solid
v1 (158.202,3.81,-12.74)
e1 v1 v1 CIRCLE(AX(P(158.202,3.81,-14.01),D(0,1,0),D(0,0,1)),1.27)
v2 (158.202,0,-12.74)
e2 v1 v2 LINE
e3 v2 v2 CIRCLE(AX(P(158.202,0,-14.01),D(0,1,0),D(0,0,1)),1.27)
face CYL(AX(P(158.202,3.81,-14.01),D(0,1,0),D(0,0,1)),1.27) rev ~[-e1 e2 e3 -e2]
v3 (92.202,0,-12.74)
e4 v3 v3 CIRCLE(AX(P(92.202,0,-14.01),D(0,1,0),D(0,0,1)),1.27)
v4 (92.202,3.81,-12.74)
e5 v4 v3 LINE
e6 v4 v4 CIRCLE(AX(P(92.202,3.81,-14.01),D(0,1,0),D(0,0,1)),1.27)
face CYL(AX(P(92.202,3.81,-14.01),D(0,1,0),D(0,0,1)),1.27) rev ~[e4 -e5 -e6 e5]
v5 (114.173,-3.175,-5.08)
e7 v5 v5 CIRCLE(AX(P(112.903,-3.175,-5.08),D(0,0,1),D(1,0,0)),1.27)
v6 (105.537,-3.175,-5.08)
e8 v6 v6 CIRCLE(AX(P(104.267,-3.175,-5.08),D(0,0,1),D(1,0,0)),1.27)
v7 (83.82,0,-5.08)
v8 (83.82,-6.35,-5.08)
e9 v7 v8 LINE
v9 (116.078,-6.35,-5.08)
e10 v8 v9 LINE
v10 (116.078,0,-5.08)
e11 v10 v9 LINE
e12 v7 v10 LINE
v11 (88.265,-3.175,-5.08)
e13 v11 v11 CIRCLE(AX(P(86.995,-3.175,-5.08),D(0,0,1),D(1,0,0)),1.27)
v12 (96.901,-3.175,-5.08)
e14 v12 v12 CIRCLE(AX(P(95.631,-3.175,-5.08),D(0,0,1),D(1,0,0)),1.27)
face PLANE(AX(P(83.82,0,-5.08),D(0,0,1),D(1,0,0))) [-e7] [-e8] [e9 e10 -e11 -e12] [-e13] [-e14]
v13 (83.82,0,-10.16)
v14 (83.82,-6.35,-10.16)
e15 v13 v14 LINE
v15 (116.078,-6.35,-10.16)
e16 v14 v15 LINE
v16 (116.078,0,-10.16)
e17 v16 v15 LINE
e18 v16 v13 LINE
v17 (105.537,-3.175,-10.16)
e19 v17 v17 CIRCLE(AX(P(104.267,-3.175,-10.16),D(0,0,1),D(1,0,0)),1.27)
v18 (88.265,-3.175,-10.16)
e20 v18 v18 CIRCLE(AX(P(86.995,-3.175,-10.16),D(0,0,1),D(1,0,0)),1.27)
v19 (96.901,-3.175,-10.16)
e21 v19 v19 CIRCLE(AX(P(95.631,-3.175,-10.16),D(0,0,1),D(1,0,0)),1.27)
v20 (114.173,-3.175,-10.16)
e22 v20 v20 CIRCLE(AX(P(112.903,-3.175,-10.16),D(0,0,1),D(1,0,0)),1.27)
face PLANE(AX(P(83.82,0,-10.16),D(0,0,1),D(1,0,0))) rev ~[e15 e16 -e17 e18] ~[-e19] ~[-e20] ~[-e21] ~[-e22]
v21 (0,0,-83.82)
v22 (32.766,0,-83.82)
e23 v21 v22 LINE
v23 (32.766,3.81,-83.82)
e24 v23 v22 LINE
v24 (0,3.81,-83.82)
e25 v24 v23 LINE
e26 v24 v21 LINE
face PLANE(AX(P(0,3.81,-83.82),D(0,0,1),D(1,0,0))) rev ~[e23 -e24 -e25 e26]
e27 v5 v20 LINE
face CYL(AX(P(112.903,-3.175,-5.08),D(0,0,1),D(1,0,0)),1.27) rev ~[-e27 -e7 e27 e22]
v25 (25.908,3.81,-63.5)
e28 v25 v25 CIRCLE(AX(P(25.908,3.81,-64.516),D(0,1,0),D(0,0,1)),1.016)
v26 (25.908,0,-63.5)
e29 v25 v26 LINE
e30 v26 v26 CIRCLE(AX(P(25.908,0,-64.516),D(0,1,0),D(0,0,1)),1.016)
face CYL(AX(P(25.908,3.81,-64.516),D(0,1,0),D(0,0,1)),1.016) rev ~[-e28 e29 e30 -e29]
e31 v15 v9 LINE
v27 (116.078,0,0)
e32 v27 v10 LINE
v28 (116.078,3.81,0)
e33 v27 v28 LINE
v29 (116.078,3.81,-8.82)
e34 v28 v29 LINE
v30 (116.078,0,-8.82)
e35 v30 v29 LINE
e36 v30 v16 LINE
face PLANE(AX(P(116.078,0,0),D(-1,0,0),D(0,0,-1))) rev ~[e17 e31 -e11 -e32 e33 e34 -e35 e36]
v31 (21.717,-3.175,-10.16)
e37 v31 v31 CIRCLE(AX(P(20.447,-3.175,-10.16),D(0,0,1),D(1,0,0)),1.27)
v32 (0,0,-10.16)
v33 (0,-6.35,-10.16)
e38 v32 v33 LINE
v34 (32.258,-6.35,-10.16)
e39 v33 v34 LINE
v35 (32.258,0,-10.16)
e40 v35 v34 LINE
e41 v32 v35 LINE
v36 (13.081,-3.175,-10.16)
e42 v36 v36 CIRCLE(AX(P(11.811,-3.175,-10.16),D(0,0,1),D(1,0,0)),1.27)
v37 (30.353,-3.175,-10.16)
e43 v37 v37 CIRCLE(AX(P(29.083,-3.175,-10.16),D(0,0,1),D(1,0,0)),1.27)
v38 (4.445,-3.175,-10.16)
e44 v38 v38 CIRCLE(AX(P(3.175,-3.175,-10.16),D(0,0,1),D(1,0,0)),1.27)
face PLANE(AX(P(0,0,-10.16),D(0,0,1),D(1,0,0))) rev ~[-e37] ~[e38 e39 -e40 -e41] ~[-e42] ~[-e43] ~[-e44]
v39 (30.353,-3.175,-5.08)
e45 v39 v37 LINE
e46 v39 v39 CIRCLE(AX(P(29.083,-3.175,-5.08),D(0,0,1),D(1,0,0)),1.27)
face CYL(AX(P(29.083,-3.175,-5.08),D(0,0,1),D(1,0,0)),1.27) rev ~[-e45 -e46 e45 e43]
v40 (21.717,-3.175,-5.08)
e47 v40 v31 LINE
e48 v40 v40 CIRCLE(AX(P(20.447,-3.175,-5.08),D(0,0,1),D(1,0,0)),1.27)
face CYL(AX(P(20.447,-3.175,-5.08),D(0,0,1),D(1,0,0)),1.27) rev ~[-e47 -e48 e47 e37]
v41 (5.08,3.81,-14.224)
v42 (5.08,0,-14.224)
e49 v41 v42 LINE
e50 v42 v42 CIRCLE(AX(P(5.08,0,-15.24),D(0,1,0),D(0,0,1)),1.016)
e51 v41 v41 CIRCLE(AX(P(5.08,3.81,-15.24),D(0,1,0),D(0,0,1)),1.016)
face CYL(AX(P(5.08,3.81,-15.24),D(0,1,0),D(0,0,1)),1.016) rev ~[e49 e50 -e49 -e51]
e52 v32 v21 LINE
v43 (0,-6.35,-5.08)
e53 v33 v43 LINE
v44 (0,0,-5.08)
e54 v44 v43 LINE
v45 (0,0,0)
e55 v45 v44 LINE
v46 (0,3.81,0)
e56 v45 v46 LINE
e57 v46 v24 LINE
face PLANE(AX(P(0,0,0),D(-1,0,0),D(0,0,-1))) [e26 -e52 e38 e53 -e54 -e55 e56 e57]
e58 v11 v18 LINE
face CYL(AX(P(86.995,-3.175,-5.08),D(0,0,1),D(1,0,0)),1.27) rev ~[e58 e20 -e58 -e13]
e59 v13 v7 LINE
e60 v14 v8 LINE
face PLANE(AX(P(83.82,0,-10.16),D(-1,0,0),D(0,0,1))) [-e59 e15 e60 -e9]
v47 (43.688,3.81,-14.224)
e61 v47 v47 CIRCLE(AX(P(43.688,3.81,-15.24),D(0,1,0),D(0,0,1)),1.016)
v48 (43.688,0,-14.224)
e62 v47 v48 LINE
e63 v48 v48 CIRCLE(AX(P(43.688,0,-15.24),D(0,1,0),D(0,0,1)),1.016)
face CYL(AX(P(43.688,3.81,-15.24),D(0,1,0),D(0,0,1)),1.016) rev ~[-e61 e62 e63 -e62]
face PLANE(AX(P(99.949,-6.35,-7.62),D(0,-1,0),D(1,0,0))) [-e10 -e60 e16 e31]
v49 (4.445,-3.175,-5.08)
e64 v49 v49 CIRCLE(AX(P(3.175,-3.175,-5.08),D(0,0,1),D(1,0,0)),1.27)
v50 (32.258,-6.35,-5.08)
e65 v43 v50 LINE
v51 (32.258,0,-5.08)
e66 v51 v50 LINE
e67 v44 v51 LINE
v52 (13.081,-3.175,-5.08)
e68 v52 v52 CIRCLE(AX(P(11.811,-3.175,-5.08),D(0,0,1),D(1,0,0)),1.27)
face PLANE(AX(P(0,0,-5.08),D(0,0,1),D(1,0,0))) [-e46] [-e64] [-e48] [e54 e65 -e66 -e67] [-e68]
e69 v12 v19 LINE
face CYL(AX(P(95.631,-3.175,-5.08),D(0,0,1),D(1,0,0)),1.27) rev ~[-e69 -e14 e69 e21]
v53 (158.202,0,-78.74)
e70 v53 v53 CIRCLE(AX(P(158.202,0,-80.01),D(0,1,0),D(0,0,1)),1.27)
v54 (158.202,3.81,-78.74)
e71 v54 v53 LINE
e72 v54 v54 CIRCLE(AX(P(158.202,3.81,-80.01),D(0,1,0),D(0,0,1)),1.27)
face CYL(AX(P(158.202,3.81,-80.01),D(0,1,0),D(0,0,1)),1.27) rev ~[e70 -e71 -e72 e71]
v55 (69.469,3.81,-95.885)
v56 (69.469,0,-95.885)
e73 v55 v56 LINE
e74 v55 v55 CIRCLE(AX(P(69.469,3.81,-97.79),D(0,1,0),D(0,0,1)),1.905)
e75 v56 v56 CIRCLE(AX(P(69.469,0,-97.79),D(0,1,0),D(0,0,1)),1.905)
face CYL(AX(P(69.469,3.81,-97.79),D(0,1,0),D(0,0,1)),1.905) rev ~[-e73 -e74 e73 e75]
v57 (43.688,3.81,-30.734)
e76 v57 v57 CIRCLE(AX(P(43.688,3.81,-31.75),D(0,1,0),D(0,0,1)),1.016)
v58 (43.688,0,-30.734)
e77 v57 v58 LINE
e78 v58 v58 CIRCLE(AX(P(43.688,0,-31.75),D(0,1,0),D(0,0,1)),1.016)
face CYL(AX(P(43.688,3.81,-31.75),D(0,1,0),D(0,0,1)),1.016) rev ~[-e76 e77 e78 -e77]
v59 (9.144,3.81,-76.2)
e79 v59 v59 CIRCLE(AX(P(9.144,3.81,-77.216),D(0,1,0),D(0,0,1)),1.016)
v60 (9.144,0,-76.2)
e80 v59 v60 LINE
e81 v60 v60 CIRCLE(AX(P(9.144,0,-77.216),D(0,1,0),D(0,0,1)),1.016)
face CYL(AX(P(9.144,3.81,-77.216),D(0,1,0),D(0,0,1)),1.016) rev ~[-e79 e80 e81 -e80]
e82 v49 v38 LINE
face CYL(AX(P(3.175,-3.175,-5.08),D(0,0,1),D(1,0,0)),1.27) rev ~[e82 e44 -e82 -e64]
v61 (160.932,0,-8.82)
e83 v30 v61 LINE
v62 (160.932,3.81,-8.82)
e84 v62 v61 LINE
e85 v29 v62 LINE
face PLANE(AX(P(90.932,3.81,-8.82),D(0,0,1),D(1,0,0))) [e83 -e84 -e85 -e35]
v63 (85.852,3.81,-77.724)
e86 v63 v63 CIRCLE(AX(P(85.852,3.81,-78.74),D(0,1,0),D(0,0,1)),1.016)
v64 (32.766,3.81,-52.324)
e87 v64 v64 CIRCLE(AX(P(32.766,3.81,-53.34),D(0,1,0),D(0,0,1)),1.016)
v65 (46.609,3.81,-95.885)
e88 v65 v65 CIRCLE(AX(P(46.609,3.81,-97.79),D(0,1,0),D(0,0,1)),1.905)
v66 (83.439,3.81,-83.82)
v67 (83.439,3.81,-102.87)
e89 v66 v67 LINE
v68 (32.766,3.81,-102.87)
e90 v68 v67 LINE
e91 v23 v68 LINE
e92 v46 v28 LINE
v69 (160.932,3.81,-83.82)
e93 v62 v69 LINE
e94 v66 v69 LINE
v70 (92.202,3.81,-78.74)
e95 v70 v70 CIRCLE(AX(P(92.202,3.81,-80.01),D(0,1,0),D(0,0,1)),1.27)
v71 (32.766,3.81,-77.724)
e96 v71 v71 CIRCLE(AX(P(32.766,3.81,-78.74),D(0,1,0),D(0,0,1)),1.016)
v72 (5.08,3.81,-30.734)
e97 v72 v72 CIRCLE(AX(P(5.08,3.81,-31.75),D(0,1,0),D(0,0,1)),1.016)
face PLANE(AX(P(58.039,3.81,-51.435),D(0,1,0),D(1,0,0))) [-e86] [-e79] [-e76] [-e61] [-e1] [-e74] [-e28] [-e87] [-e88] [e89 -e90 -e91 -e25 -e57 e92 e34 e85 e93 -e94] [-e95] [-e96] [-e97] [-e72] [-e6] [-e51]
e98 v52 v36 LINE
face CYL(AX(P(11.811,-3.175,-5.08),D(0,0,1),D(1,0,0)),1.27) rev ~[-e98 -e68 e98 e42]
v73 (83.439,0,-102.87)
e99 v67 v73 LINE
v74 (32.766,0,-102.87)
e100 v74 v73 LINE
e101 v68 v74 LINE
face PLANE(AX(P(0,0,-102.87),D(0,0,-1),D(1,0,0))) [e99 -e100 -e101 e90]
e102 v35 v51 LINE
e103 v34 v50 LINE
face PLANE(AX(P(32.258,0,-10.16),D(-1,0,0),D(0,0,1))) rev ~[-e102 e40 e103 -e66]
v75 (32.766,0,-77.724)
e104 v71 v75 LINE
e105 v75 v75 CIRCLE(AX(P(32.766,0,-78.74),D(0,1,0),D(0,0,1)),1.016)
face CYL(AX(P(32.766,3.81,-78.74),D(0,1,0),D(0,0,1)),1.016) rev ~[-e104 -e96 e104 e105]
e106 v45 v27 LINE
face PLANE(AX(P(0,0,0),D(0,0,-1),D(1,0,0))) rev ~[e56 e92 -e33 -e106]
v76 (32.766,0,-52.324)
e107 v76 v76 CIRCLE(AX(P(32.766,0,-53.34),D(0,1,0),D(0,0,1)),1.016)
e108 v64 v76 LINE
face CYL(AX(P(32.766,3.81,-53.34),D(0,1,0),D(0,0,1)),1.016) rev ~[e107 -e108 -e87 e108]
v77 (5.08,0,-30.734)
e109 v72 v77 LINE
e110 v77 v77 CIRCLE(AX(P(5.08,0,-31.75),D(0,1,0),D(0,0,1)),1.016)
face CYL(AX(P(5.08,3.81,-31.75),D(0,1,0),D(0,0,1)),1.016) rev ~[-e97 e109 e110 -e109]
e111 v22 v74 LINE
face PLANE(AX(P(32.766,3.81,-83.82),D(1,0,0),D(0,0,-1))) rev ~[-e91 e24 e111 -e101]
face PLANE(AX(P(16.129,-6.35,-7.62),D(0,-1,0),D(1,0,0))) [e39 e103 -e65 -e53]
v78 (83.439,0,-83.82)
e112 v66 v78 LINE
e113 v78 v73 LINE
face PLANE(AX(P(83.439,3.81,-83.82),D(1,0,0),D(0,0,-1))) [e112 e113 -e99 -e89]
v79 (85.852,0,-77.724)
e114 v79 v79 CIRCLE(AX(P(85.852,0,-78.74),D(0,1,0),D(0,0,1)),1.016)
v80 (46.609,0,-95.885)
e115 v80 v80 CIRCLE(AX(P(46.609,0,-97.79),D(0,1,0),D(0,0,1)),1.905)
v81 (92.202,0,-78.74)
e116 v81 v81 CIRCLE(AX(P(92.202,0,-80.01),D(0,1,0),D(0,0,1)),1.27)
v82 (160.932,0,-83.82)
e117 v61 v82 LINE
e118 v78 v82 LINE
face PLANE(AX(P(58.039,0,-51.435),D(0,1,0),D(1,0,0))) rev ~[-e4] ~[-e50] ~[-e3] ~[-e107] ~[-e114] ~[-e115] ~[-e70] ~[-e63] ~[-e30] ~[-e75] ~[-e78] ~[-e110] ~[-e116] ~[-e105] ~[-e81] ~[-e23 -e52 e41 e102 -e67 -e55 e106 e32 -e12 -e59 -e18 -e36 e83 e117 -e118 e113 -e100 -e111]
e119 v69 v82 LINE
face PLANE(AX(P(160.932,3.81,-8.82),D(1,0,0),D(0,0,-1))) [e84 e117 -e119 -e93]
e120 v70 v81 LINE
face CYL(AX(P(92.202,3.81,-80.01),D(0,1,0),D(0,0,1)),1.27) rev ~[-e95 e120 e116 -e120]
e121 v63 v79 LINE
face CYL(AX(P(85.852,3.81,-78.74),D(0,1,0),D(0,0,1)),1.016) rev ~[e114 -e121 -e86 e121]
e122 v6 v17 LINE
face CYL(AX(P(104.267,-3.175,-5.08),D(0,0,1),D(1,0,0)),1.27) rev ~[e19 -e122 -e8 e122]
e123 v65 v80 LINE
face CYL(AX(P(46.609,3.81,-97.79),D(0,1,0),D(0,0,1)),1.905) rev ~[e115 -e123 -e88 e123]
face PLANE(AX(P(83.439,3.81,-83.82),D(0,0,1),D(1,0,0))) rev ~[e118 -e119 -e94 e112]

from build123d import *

# Parameters (mm, degrees)
SKETCH1_W           = 116.078
SKETCH1_H           = 102.87
BOSS_EXTRUDE1_DEPTH = 3.81
SKETCH2_R           = 1.905
SKETCH2_W           = 32.766
SKETCH2_H           = 19.05
SKETCH2_W_2         = 32.639
CUT_EXTRUDE1_DEPTH  = 3.81
SKETCH3_W           = 32.258
SKETCH3_H           = 5.08
BOSS_EXTRUDE2_DEPTH = 6.35
SKETCH4_R           = 1.27
CUT_EXTRUDE2_DEPTH  = 5.08
SKETCH5_R           = 1.016
CUT_EXTRUDE4_DEPTH  = 3.81
SKETCH6_W           = 70
SKETCH6_H           = 75
BOSS_EXTRUDE3_DEPTH = 3.81
SKETCH7_R           = 1.27
CUT_EXTRUDE5_DEPTH  = 3.81


with BuildPart() as part:
    # Sketch1 → Boss-Extrude1 (new body)
    with BuildSketch(Plane(origin=(0, 0, 0), x_dir=(1, 0, 0), z_dir=(0, 1, 0))):
        with Locations((58.039, 51.435)):
            Rectangle(SKETCH1_W, SKETCH1_H)
    extrude(amount=BOSS_EXTRUDE1_DEPTH)

    # Sketch2 → Cut-Extrude1 (cut)
    with BuildSketch(Plane(origin=(0, 3.81, 0), x_dir=(1, 0, 0), z_dir=(0, 1, 0))):
        with Locations(Location((46.609, 97.79, 0), (0, 0, 270))):
            Circle(SKETCH2_R)
        with Locations(Location((69.469, 97.79, 0), (0, 0, 270))):
            Circle(SKETCH2_R)
        with Locations((16.383, 93.345)):
            Rectangle(SKETCH2_W, SKETCH2_H)
        with Locations((99.7585, 93.345)):
            Rectangle(SKETCH2_W_2, SKETCH2_H)
    extrude(amount=-CUT_EXTRUDE1_DEPTH, mode=Mode.SUBTRACT)

    # Sketch3 → Boss-Extrude2 (add)
    with BuildSketch(Plane.XZ):
        with Locations((16.129, -7.62)):
            Rectangle(SKETCH3_W, SKETCH3_H)
        with Locations((99.949, -7.62)):
            Rectangle(SKETCH3_W, SKETCH3_H)
    extrude(amount=BOSS_EXTRUDE2_DEPTH)

    # Sketch4 → Cut-Extrude2 (cut)
    with BuildSketch(Plane.XY.offset(-5.08)):
        with Locations((3.175, -3.175)):
            Circle(SKETCH4_R)
        with Locations((11.811, -3.175)):
            Circle(SKETCH4_R)
        with Locations((20.447, -3.175)):
            Circle(SKETCH4_R)
        with Locations((29.083, -3.175)):
            Circle(SKETCH4_R)
        with Locations((86.995, -3.175)):
            Circle(SKETCH4_R)
        with Locations((95.631, -3.175)):
            Circle(SKETCH4_R)
        with Locations((104.267, -3.175)):
            Circle(SKETCH4_R)
        with Locations((112.903, -3.175)):
            Circle(SKETCH4_R)
    extrude(amount=-CUT_EXTRUDE2_DEPTH, mode=Mode.SUBTRACT)

    # Sketch5 → Cut-Extrude4 (cut)
    with BuildSketch(Plane(origin=(0, 3.81, 0), x_dir=(1, 0, 0), z_dir=(0, 1, 0))):
        with Locations(Location((25.908, 64.516, 0), (0, 0, 270))):
            Circle(SKETCH5_R)
        with Locations(Location((9.144, 77.216, 0), (0, 0, 270))):
            Circle(SKETCH5_R)
        with Locations(Location((32.766, 78.74, 0), (0, 0, 270))):
            Circle(SKETCH5_R)
        with Locations(Location((85.852, 78.74, 0), (0, 0, 270))):
            Circle(SKETCH5_R)
        with Locations(Location((32.766, 53.34, 0), (0, 0, 270))):
            Circle(SKETCH5_R)
        with Locations(Location((5.08, 31.75, 0), (0, 0, 270))):
            Circle(SKETCH5_R)
        with Locations(Location((43.688, 31.75, 0), (0, 0, 270))):
            Circle(SKETCH5_R)
        with Locations(Location((5.08, 15.24, 0), (0, 0, 270))):
            Circle(SKETCH5_R)
        with Locations(Location((43.688, 15.24, 0), (0, 0, 270))):
            Circle(SKETCH5_R)
    extrude(amount=-CUT_EXTRUDE4_DEPTH, mode=Mode.SUBTRACT)

    # Sketch6 → Boss-Extrude3 (add)
    with BuildSketch(Plane(origin=(0, 3.81, 0), x_dir=(1, 0, 0), z_dir=(0, 1, 0))):
        with Locations((125.932, 46.32)):
            Rectangle(SKETCH6_W, SKETCH6_H)
    extrude(amount=-BOSS_EXTRUDE3_DEPTH)

    # Sketch7 → Cut-Extrude5 (cut)
    with BuildSketch(Plane(origin=(0, 3.81, 0), x_dir=(1, 0, 0), z_dir=(0, 1, 0))):
        with Locations(Location((92.202, 14.01, 0), (0, 0, 270))):
            Circle(SKETCH7_R)
        with Locations(Location((92.202, 80.01, 0), (0, 0, 270))):
            Circle(SKETCH7_R)
        with Locations(Location((158.202, 80.01, 0), (0, 0, 270))):
            Circle(SKETCH7_R)
        with Locations(Location((158.202, 14.01, 0), (0, 0, 270))):
            Circle(SKETCH7_R)
    extrude(amount=-CUT_EXTRUDE5_DEPTH, mode=Mode.SUBTRACT)


solid = part.part
